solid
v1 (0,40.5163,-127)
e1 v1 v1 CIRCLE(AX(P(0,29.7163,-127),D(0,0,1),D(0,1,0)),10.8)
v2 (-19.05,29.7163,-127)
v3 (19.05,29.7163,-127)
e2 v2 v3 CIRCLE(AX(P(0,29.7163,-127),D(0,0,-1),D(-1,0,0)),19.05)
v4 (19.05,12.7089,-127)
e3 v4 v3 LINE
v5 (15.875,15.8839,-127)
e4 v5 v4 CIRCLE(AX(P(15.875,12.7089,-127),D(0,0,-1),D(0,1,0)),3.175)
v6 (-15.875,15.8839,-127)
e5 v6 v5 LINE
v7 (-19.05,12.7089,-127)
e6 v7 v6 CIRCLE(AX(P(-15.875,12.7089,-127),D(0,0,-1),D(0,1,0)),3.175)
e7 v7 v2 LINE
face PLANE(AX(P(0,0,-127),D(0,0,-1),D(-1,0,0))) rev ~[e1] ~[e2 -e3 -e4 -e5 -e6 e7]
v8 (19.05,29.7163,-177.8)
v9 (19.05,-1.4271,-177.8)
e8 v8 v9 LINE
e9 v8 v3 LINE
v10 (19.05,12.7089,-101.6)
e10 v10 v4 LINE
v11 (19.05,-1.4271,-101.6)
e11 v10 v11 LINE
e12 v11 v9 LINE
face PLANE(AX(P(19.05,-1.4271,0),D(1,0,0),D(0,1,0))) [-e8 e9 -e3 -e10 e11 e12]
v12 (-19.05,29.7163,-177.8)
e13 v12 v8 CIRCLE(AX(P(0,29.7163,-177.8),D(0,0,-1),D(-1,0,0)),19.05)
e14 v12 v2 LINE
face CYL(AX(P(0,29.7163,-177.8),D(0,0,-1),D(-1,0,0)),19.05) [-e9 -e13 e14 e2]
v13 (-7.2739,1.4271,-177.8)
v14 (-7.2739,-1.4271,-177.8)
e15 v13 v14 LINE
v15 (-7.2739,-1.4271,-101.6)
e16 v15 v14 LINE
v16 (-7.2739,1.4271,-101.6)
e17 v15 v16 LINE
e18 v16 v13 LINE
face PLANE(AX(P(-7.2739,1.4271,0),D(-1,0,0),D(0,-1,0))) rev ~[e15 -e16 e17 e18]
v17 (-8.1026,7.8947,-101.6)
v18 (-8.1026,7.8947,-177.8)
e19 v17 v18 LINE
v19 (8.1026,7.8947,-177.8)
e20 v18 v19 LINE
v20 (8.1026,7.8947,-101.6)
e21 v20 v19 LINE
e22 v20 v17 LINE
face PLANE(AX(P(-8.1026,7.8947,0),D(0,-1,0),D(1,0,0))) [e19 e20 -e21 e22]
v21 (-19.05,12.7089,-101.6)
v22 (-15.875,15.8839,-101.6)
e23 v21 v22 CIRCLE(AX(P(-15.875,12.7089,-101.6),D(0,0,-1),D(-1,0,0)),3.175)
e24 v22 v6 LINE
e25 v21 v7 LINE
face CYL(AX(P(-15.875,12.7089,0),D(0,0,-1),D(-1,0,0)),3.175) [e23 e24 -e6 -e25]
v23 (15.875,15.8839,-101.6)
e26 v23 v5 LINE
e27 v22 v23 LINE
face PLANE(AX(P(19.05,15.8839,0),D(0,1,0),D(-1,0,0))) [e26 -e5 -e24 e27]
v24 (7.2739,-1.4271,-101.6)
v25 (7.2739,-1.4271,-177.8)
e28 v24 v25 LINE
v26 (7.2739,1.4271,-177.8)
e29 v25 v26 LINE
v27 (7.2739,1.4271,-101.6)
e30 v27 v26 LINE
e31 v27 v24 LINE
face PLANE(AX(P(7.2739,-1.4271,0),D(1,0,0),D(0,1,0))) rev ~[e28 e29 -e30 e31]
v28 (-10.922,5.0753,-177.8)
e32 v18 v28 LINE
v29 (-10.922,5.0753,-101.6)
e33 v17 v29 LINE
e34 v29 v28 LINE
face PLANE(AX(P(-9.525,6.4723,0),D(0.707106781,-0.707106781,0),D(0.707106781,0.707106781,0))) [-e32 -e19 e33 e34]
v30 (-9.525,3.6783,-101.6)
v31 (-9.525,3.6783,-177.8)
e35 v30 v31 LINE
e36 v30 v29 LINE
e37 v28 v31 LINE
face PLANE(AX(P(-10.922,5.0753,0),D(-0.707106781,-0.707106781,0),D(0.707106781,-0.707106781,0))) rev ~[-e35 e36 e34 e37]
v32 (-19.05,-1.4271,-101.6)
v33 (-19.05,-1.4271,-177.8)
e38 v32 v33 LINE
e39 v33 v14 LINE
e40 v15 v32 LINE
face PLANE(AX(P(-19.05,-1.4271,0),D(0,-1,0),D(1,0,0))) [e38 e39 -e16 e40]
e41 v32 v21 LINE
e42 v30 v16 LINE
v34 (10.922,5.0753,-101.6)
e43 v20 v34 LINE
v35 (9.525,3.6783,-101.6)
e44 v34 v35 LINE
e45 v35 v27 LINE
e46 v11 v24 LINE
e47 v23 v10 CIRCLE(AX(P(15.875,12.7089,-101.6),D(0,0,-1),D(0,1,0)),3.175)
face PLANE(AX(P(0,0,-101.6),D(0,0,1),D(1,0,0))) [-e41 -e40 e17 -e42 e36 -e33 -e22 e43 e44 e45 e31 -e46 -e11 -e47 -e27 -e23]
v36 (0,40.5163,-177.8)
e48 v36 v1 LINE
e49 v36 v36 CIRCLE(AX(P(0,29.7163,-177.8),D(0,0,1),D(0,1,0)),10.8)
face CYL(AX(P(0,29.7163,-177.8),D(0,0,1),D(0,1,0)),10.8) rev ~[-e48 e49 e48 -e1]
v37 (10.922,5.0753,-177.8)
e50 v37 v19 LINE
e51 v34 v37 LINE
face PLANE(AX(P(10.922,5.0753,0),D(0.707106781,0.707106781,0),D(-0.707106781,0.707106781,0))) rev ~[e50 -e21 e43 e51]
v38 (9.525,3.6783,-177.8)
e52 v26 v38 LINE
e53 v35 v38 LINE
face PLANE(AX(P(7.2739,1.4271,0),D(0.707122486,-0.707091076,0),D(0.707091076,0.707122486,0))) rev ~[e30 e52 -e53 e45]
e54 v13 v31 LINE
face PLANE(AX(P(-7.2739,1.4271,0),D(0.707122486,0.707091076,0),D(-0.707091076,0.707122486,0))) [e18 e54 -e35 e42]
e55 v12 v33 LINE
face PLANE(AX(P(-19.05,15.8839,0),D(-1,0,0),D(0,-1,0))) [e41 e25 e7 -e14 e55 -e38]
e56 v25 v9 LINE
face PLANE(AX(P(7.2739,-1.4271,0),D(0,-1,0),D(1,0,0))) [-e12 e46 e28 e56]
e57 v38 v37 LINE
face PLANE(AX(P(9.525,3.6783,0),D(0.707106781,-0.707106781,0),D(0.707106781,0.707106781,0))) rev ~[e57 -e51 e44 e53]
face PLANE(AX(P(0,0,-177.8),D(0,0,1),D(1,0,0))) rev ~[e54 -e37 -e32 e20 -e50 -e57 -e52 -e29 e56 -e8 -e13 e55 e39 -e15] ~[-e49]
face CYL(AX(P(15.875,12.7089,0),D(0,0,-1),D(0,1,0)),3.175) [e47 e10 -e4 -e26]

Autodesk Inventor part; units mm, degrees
ref_plane "YZ Plane" through (0, 0, 0) normal (1, 0, 0) x (0, 1, 0)
ref_plane "XZ Plane" through (0, 0, 0) normal (0, 1, 0) x (-1, 0, 0)
ref_plane "XY Plane" through (0, 0, 0) normal (0, 0, 1) x (1, 0, 0)
sketch "Sketch1" plane through (0, 0, 0) normal (0, 0, 1) x (1, 0, 0)
  line L0 (-7.2739, -1.4271) -> (7.2739, -1.4271)
  line L1 (7.2739, -1.4271) -> (7.2739, 1.4271)
  line L2 (7.2739, 1.4271) -> (-7.2739, 1.4271)
  line L3 (-7.2739, 1.4271) -> (-7.2739, -1.4271)
  line L4 (-7.2739, -1.4271) -> (7.2739, 1.4271) construction
  line L5 (7.2739, -1.4271) -> (-7.2739, 1.4271) construction
  line L6 (9.525, 3.6783) -> (-9.525, 3.6783)
  line L7 (-9.525, 3.6783) -> (-9.525, 6.4723)
  line L8 (-9.525, 6.4723) -> (9.525, 6.4723)
  line L9 (9.525, 6.4723) -> (9.525, 3.6783)
  line L10 (9.525, 3.6783) -> (-9.525, 6.4723) construction
  line L11 (-9.525, 3.6783) -> (9.525, 6.4723) construction
  line L12 (-7.2739, 1.4271) -> (-9.525, 3.6783)
  line L13 (7.2739, 1.4271) -> (9.525, 3.6783)
  line L14 (-10.922, 5.0753) -> (-8.1026, 7.8947)
  line L15 (-10.922, 5.0753) -> (-6.9348, 5.0753) construction
  line L16 (-10.922, 5.0753) -> (-9.525, 3.6783)
  line L17 (10.922, 5.0753) -> (8.1026, 7.8947)
  line L18 (9.525, 3.6783) -> (10.922, 5.0753)
  line L19 (-8.1026, 7.8947) -> (8.1026, 7.8947)
  line L20 (-19.05, -1.4271) -> (19.05, -1.4271)
  line L21 (19.05, -1.4271) -> (19.05, 15.8839)
  line L22 (19.05, 15.8839) -> (-19.05, 15.8839)
  line L23 (-19.05, 15.8839) -> (-19.05, -1.4271)
  point P0 (0, 0)
  point P1 (0, 5.0753)
  point P2 (0, -1.4271)
  dimension "d0" = 135
  dimension "d1" = 135
  dimension "d2" = 19.05
  dimension "d3" = 2.794
  dimension "d4" = 45
  dimension "d5" = 4.2164
  dimension "d6" = 90
  dimension "d7" = 90
  dimension "d8" = 9.3218
  dimension "d9" = 38.1
extrude "Extrusion1" add sketch "Sketch1" against normal blind 177.8 contours L20 L23 L22 L21 L1 L13 L18 L17 L19 L14 L16 L12 L3
sketch "Sketch2" plane through (0, 0, -177.8) normal (0, 0, -1) x (-1, 0, 0)
  arc A0 (19.05, 29.7163) -> (-19.05, 29.7163) centre (0, 29.7163) ccw
  line L0 (19.05, -1.4271) -> (19.05, 15.8839) projected
  line L1 (19.05, 15.8839) -> (19.05, -1.4271) projected
  line L2 (19.05, 15.8839) -> (19.05, 29.7163)
  line L3 (-19.05, -1.4271) -> (-19.05, 15.8839) projected
  line L4 (-19.05, 15.8839) -> (-19.05, 29.7163)
  line L5 (19.05, 15.8839) -> (-19.05, 15.8839)
  point P0 (0, 0)
extrude "Extrusion2" add sketch "Sketch2" against normal blind 50.8
sketch "Sketch3" plane through (0, 0, -177.8) normal (0, 0, -1) x (-1, 0, 0)
  arc A0 (19.05, 29.7163) -> (-19.05, 29.7163) centre (0, 29.7163) ccw projected
  point P0 (0, 0)
hole "Hole1" at (0, 29.7163, -177.8) direction (0, 0, 1) diameter 21.6 end through all
fillet "Fillet1" radius 3.175 2 edges at (-19.05, 15.8839, -63.5) (19.05, 15.8839, -63.5)
sketch "Sketch4" plane through (0, 0, 0) normal (0, 0, 1) x (1, 0, 0)
  line L0 (-84.0587, 46.9015) -> (30.6415, 46.9015)
  line L1 (30.6415, 46.9015) -> (30.6415, -6.8679)
  line L2 (30.6415, -6.8679) -> (-84.0587, -6.8679)
  line L3 (-84.0587, -6.8679) -> (-84.0587, 46.9015)
  line L4 (-84.0587, 46.9015) -> (30.6415, -6.8679) construction
  line L5 (30.6415, 46.9015) -> (-84.0587, -6.8679) construction
  point P0 (0, 0)
  point P1 (-26.7086, 20.0168)
extrude "Extrusion3" cut sketch "Sketch4" against normal blind 101.6
properties part number "Laser mount 3 inches"
